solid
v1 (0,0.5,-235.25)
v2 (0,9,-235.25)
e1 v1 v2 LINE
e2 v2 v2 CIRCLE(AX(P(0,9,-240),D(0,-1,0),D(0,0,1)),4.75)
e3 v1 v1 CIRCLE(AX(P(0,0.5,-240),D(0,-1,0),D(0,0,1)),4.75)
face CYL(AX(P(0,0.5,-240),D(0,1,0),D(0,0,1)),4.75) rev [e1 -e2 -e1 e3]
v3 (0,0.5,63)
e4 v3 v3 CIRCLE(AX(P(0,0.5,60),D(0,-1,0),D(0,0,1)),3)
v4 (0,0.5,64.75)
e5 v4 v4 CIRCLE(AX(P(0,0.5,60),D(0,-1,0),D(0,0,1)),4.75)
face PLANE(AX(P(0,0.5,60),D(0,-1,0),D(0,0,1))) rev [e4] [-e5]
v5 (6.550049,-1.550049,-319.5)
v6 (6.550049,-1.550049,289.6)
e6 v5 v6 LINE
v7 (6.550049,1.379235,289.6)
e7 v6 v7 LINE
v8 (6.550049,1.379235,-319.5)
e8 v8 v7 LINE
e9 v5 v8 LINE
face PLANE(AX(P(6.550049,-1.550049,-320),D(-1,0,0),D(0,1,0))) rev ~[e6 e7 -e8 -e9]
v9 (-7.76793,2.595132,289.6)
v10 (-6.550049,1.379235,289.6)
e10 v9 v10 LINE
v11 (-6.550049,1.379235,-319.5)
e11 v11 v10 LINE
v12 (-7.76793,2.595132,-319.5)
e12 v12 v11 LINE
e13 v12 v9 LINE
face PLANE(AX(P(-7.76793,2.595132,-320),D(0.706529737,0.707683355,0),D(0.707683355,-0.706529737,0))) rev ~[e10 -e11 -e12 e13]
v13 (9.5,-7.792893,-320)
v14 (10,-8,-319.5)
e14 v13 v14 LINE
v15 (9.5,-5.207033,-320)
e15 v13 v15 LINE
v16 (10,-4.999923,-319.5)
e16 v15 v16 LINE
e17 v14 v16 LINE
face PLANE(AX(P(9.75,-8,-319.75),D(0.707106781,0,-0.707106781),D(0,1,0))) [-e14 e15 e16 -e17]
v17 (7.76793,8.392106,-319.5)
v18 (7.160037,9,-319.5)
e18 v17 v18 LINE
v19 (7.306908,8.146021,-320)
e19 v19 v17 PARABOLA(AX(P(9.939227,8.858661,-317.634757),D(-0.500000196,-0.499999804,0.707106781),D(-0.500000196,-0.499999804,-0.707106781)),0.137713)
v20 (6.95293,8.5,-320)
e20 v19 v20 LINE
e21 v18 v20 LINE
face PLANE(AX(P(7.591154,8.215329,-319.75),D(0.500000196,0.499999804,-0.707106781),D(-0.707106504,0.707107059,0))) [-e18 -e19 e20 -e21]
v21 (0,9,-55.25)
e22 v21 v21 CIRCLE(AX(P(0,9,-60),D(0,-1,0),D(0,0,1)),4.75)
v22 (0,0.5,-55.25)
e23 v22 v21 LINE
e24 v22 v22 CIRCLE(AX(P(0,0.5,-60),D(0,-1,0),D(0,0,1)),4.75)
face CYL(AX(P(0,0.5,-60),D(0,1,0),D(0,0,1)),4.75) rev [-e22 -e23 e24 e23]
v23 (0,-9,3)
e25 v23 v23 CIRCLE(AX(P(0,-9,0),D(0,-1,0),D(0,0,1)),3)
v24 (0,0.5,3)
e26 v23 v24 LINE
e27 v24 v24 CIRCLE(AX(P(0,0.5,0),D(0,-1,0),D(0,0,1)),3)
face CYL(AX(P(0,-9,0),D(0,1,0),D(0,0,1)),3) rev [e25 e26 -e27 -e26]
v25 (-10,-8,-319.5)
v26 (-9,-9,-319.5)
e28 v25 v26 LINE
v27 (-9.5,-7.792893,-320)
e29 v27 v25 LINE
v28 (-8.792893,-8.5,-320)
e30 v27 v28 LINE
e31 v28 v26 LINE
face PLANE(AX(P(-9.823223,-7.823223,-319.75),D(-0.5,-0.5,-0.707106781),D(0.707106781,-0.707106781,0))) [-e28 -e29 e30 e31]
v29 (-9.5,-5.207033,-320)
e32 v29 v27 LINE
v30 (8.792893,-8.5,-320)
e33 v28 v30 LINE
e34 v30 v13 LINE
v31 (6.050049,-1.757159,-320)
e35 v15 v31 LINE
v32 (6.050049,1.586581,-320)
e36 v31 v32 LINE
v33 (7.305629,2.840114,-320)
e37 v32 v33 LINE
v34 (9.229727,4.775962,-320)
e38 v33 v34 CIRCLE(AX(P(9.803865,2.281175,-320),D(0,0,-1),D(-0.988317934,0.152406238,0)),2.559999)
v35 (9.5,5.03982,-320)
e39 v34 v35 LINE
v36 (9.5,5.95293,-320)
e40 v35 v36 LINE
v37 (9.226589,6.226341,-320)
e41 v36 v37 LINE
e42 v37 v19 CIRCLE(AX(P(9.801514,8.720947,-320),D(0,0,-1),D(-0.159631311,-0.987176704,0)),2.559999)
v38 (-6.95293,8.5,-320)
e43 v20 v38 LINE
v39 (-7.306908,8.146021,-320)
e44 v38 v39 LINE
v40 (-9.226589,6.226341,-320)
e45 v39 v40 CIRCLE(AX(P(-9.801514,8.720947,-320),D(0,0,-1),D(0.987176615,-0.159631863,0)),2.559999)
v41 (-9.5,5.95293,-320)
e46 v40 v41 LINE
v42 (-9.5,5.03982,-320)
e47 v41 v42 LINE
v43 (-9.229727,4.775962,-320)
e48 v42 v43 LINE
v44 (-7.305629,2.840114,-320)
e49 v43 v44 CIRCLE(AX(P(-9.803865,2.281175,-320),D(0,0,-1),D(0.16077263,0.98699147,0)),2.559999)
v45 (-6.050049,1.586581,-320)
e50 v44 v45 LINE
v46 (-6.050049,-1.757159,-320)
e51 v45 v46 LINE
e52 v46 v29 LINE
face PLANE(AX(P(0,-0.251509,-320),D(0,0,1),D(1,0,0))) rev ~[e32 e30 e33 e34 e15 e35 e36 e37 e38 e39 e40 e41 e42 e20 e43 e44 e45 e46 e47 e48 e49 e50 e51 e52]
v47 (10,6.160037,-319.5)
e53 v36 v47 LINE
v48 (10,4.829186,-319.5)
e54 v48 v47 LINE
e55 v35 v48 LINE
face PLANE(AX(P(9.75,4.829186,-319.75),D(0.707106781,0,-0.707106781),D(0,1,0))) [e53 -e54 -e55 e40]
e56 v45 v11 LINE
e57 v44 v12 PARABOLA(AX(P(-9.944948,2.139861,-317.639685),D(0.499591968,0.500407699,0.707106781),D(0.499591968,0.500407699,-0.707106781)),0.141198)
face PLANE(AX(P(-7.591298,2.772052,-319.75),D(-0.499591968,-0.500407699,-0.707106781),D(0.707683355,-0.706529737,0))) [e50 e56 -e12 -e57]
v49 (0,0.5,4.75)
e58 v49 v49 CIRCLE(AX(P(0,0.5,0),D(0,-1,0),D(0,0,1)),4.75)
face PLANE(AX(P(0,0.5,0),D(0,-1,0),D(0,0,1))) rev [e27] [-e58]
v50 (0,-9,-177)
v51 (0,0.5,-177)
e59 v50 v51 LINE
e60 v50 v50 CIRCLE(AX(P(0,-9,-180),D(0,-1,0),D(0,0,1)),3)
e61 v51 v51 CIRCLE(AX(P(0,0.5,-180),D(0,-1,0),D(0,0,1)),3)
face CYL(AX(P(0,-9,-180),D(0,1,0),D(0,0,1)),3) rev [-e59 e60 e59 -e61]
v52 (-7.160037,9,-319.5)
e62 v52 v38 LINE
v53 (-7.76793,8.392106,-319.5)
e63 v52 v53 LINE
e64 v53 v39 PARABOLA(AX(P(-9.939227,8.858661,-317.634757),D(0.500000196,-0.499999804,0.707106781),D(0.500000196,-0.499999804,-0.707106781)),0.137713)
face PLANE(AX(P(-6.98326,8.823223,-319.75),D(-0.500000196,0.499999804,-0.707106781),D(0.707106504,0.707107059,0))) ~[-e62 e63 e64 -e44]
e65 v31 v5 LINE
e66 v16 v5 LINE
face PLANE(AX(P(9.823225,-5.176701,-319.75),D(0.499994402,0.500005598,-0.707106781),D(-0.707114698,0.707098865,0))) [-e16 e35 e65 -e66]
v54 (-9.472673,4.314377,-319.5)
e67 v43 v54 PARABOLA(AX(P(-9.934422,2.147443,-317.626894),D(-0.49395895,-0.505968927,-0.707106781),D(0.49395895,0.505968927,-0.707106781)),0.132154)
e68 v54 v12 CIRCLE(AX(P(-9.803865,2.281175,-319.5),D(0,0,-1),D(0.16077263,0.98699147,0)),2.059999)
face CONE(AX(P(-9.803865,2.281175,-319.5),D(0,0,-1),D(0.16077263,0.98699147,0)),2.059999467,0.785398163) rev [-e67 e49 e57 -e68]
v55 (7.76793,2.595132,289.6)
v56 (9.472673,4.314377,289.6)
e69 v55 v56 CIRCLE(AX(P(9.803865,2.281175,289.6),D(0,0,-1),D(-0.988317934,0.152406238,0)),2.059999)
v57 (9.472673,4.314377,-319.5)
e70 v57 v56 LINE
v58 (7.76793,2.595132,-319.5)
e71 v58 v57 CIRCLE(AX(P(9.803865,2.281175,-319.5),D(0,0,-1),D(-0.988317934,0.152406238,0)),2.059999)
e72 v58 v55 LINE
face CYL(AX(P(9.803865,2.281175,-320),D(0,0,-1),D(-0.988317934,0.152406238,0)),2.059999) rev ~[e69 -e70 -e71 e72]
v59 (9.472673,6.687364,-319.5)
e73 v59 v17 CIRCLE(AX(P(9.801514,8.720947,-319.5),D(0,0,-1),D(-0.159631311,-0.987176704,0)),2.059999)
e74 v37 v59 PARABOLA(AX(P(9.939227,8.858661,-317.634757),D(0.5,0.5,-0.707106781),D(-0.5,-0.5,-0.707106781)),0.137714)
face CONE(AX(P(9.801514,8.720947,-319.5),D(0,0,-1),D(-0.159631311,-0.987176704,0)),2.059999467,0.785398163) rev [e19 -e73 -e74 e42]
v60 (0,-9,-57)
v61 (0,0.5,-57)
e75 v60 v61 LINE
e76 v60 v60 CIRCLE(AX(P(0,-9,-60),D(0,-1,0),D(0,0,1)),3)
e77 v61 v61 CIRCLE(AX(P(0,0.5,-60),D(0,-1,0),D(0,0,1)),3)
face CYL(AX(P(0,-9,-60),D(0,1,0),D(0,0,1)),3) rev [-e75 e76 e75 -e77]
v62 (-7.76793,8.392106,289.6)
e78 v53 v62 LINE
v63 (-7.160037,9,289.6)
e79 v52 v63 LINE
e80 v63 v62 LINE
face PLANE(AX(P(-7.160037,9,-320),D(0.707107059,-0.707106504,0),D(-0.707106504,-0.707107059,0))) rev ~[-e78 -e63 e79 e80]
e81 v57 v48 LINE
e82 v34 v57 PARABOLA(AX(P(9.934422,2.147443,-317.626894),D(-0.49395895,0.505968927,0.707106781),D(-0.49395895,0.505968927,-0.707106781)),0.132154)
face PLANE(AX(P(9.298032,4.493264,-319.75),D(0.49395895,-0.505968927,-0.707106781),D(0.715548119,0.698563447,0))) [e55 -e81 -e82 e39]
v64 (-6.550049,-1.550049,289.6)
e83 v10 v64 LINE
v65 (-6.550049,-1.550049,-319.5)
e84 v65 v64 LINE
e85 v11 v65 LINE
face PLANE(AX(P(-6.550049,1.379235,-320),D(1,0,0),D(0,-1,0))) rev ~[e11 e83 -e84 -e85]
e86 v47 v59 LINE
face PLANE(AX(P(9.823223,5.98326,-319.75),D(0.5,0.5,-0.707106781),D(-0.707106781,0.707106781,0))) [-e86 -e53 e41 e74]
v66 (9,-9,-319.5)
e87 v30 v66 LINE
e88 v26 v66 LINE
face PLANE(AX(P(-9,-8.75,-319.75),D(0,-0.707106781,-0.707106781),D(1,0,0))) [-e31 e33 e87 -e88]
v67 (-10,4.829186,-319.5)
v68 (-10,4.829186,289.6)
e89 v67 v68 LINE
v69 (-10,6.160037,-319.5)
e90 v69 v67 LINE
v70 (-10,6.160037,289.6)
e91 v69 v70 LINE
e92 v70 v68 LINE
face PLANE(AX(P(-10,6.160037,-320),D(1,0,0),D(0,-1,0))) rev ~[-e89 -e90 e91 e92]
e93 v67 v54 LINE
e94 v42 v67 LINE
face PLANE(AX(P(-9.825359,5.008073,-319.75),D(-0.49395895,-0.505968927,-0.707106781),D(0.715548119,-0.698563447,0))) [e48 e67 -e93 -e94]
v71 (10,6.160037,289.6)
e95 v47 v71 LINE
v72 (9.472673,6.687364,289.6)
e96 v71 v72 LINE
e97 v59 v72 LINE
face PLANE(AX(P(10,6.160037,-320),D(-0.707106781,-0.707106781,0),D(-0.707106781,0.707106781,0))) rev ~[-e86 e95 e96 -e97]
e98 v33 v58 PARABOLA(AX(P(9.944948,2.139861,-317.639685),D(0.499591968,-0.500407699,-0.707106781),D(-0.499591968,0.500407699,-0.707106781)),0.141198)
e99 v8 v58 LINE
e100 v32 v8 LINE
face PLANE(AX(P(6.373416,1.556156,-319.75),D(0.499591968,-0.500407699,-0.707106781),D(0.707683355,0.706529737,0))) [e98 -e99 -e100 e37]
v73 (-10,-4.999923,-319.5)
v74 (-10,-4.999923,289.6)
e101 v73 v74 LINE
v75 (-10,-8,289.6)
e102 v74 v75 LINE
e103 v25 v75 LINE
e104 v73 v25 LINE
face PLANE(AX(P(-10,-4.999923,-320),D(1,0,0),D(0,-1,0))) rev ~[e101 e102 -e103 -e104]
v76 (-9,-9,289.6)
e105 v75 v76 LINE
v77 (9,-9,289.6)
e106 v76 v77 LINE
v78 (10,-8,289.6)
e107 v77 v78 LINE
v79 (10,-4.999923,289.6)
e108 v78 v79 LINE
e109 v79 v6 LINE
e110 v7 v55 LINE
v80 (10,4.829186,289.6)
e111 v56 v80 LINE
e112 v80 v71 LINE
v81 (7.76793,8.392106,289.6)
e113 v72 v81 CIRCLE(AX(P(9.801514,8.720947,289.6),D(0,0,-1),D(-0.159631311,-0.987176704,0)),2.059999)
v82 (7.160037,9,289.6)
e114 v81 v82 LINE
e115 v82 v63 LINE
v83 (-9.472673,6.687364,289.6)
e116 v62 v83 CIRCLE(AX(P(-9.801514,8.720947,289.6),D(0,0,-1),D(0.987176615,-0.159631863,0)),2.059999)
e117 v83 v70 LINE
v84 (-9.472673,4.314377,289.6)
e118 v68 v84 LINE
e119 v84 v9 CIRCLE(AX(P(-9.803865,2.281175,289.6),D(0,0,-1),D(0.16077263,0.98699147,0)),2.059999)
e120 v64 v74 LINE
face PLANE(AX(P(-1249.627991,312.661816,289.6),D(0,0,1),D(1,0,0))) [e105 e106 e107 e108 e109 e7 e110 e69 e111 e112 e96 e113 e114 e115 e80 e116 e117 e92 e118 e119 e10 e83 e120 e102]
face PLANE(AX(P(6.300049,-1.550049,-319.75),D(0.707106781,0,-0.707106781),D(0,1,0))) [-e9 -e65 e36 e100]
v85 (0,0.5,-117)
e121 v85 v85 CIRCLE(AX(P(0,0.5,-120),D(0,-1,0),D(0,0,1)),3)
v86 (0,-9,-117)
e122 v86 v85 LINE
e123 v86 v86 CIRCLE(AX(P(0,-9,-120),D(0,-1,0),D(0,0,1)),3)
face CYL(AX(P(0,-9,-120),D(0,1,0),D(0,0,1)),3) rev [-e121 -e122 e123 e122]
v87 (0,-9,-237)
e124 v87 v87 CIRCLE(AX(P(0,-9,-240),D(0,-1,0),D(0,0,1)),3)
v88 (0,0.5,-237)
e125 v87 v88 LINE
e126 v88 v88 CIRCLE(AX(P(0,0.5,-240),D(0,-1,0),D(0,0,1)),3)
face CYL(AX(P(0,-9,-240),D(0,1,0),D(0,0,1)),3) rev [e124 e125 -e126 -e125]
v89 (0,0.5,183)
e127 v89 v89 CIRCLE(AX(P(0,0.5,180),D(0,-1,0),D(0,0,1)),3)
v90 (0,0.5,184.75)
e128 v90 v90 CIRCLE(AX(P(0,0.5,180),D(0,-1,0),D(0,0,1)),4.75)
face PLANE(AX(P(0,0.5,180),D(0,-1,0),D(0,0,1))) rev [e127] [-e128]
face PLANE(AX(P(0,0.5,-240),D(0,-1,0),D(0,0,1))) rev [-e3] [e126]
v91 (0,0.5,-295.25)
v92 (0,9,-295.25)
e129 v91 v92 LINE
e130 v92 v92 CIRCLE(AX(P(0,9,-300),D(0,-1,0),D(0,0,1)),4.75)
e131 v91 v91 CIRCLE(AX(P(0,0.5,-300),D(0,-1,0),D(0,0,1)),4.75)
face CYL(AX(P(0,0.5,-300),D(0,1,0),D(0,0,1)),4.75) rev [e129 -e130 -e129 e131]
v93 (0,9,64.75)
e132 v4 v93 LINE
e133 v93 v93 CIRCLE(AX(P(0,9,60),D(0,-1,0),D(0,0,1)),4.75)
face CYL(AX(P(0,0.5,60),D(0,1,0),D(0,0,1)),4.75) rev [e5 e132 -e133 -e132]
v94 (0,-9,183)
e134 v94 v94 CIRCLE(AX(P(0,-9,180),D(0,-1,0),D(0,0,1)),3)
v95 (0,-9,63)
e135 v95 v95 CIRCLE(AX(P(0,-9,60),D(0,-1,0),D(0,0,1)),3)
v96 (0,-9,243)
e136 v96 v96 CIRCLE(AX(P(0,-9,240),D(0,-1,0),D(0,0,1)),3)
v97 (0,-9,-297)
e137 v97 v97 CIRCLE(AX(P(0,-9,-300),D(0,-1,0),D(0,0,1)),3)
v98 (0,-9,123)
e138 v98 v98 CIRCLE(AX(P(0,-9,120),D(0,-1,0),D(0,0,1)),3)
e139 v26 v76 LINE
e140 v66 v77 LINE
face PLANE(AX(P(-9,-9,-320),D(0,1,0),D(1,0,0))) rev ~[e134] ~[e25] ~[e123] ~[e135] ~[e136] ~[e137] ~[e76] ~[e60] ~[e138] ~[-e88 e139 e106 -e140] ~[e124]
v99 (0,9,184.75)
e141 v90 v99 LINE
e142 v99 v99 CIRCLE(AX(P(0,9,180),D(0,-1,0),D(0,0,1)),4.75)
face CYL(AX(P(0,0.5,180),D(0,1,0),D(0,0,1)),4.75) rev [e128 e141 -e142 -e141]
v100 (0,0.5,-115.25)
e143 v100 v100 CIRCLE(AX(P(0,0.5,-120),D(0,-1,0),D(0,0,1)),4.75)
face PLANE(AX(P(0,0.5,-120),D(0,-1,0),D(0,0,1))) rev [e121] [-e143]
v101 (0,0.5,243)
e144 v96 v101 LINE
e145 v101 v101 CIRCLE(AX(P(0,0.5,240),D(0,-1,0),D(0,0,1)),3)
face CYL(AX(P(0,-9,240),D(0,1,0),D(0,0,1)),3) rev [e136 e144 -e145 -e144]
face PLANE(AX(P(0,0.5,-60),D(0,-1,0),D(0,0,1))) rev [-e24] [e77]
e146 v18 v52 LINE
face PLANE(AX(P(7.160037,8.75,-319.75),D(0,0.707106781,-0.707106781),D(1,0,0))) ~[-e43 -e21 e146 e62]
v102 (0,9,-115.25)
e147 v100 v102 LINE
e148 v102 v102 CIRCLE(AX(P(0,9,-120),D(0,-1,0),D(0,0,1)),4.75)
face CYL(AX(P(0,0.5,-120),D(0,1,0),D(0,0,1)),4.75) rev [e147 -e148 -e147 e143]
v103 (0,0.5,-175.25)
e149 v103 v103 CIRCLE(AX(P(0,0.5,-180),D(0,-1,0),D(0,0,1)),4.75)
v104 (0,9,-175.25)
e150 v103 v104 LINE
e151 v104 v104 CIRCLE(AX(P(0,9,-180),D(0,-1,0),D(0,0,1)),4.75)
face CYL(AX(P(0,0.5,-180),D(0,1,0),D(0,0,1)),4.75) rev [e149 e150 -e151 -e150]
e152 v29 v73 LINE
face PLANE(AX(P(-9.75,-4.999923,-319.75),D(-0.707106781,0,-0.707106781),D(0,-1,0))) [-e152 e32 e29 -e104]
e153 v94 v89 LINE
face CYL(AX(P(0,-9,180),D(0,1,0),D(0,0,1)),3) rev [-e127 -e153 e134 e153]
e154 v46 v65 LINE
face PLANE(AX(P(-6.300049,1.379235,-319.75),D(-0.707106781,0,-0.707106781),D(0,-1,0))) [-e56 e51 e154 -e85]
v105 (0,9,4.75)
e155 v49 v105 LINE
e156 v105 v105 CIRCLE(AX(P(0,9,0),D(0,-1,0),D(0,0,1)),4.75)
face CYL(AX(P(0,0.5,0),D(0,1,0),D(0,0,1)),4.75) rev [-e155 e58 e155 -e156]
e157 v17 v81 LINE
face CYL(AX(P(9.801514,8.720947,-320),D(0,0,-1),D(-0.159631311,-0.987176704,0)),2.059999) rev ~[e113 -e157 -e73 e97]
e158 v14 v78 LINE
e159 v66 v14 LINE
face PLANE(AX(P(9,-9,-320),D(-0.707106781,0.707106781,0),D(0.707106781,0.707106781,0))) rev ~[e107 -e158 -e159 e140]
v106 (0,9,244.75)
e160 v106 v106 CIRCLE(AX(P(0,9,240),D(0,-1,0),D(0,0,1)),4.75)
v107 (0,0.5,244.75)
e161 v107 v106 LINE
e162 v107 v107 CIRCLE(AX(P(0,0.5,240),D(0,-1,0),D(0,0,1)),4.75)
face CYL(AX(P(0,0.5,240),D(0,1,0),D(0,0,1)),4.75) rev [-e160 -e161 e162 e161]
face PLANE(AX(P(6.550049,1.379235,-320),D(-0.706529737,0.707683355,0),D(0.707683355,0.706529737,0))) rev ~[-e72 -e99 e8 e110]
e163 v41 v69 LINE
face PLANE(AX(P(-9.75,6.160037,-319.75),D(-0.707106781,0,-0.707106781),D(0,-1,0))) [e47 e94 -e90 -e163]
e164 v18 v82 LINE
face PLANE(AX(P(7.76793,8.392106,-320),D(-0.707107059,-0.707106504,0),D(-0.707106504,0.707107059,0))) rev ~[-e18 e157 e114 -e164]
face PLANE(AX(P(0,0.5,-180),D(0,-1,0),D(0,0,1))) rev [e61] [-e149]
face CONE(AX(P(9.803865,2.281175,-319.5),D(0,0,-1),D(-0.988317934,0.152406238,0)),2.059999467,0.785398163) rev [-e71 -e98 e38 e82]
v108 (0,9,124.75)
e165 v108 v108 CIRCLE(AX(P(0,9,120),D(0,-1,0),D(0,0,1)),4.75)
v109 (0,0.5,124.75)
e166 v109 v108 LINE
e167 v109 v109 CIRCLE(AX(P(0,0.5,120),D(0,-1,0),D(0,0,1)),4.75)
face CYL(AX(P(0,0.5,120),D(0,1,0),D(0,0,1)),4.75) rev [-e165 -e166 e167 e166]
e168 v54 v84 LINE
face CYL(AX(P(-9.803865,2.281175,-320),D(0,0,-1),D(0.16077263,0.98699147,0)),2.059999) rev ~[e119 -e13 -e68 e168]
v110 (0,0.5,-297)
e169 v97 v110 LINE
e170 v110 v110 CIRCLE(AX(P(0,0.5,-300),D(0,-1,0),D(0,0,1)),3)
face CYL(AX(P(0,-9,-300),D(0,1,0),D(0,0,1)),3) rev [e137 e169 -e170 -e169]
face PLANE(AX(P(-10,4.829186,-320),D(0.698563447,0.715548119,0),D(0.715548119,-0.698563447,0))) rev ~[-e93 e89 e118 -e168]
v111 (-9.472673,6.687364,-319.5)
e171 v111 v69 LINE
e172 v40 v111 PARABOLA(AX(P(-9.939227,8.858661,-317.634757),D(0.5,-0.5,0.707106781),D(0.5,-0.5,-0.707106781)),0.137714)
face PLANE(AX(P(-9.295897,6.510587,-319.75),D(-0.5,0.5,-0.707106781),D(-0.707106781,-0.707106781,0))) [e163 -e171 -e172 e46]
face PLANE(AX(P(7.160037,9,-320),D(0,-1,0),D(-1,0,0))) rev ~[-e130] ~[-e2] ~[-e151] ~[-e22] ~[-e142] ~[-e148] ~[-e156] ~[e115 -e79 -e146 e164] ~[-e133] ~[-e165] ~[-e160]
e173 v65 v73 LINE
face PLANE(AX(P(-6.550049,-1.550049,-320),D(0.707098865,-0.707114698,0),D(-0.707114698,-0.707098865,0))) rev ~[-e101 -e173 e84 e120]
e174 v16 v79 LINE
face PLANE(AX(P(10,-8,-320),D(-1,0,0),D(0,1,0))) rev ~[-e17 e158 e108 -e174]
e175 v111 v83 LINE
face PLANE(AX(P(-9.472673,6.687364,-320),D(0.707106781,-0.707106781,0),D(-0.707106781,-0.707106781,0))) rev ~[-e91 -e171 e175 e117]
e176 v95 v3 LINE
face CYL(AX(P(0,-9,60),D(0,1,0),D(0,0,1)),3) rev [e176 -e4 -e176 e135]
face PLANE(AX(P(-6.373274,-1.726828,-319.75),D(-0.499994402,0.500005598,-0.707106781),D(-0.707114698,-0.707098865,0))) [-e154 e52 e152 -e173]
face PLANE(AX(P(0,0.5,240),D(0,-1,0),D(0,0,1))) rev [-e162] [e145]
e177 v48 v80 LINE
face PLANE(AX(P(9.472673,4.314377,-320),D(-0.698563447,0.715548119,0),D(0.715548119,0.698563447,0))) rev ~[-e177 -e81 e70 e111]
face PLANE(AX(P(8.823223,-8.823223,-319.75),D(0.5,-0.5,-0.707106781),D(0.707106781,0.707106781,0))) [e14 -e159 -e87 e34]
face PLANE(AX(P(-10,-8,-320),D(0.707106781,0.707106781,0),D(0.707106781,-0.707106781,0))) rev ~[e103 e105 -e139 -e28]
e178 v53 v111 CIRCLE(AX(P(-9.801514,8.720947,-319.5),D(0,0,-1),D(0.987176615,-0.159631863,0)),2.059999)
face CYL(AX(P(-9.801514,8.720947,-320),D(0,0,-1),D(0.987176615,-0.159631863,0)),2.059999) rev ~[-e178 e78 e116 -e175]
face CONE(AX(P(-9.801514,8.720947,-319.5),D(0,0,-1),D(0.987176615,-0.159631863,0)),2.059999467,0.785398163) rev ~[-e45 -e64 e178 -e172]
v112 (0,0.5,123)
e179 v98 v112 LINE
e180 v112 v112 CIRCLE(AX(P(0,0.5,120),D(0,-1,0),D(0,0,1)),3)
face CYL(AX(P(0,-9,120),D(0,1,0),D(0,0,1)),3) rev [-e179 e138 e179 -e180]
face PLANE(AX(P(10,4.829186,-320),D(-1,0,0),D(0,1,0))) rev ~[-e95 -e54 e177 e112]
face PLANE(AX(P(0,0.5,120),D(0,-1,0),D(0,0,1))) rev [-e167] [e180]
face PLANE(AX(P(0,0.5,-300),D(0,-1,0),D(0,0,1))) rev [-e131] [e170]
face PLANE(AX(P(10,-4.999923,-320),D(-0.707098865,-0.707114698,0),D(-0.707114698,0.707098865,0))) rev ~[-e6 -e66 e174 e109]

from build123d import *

# Parameters (mm, degrees)
BOSS_EXTRUDE1_DEPTH      = 320
BOSS_EXTRUDE1_DEPTH_BACK = 320
LPATTERN2_COUNT          = 11
LPATTERN2_PITCH          = 60
CHAMFER1_SIZE            = 0.5
CUT_EXTRUDE1_DEPTH       = 321.661815625
CUT_EXTRUDE1_DEPTH_BACK  = 321.661815625


with BuildPart() as part:
    # Sketch3 → Boss-Extrude1 (new, two sides: drawn at the far end of the back side and taken through both)
    with BuildSketch(Plane.XY.offset(-BOSS_EXTRUDE1_DEPTH_BACK)):
        with BuildLine():
            Line((3, 9), (-3, 9))
            Line((-3, 9), (-7.160036564, 9))
            Line((-7.160036564, 9), (-7.767930373, 8.392105714))
            ThreePointArc((-7.767930373, 8.392105714), (-8.344874488, 7.264307267), (-9.472673258, 6.687363783))
            Line((-9.472673258, 6.687363783), (-10, 6.160037041))
            Line((-10, 6.160037041), (-10, 4.82918644))
            Line((-10, 4.82918644), (-9.472673258, 4.314376637))
            ThreePointArc((-9.472673258, 4.314376637), (-8.341068744, 3.731631743), (-7.767930373, 2.595131504))
            Line((-7.767930373, 2.595131504), (-6.550048828, 1.379235268))
            Line((-6.550048828, 1.379235268), (-6.550048828, -1.550048828))
            Line((-6.550048828, -1.550048828), (-10, -4.999922752))
            Line((-10, -4.999922752), (-10, -8))
            Line((-10, -8), (-9, -9))
            Line((-9, -9), (0, -9))
            Line((0, -9), (9, -9))
            Line((9, -9), (10, -8))
            Line((10, -8), (10, -4.999922752))
            Line((10, -4.999922752), (6.550048828, -1.550048828))
            Line((6.550048828, -1.550048828), (6.550048828, 1.379235268))
            Line((6.550048828, 1.379235268), (7.767930373, 2.595131504))
            ThreePointArc((7.767930373, 2.595131504), (8.341068744, 3.731631743), (9.472673258, 4.314376637))
            Line((9.472673258, 4.314376637), (10, 4.82918644))
            Line((10, 4.82918644), (10, 6.160037041))
            Line((10, 6.160037041), (9.472673258, 6.687363783))
            ThreePointArc((9.472673258, 6.687363783), (8.344874488, 7.264307267), (7.767930373, 8.392105714))
            Line((7.767930373, 8.392105714), (7.160036564, 9))
            Line((7.160036564, 9), (3, 9))
        make_face()
    extrude(amount=BOSS_EXTRUDE1_DEPTH + BOSS_EXTRUDE1_DEPTH_BACK)

    # Sketch4 → Cut-Revolve1 (revolve, cut)
    with BuildSketch(Plane(origin=(0, 0, 0), x_dir=(0, 0, -1), z_dir=(1, 0, 0)), mode=Mode.PRIVATE) as cut_revolve1_sk:
        Polygon((-295.25, 9), (-300, 9), (-300, -9), (-297, -9), (-297, 0.5), (-295.25, 0.5), align=None)
    cut_revolve1 = revolve(cut_revolve1_sk.sketch.rotate(Axis((0, 9, 300), (0, -1, 0)), 180), axis=Axis((0, 9, 300), (0, -1, 0)), mode=Mode.SUBTRACT)

    # LPattern2: Cut-Revolve1 ×11
    with Locations(*[(0, 0, -i * LPATTERN2_PITCH) for i in range(1, LPATTERN2_COUNT)]):
        add(cut_revolve1, mode=Mode.SUBTRACT)

    # Chamfer1
    chamfer1_edges = [part.edges().sort_by_distance(p)[0] for p in [
        (-6.550048828, -0.08540678, 320),
        (-8.275024414, -3.27498579, 320),
        (-10, -6.499961376, 320),
        (-9.5, -8.5, 320),
        (0, -9, 320),
        (9.5, -8.5, 320),
        (10, -6.499961376, 320),
        (8.275024414, -3.27498579, 320),
        (6.550048828, -0.08540678, 320),
        (-8.341068744, 3.731631743, 320),
        (7.158989601, 1.987183386, 320),
        (8.341068744, 3.731631743, 320),
        (9.736336629, 4.571781538, 320),
        (-9.736336629, 4.571781538, -320),
        (-10, 5.49461174, -320),
        (10, 5.49461174, 320),
        (-9.736336629, 6.423700412, -320),
        (-7.463983469, 8.696052857, -320),
        (0, 9, -320),
        (7.463983469, 8.696052857, -320),
        (9.736336629, 6.423700412, -320),
        (10, 5.49461174, -320),
        (9.736336629, 6.423700412, 320),
        (9.736336629, 4.571781538, -320),
        (7.158989601, 1.987183386, -320),
        (6.550048828, -0.08540678, -320),
        (8.275024414, -3.27498579, -320),
        (10, -6.499961376, -320),
        (9.5, -8.5, -320),
        (0, -9, -320),
        (8.344874488, 7.264307267, 320),
        (-9.5, -8.5, -320),
        (-10, -6.499961376, -320),
        (-8.275024414, -3.27498579, -320),
        (-6.550048828, -0.08540678, -320),
        (-7.158989601, 1.987183386, -320),
        (-8.341068744, 3.731631743, -320),
        (-8.344874488, 7.264307267, -320),
        (8.344874488, 7.264307267, -320),
        (8.341068744, 3.731631743, -320),
        (7.463983469, 8.696052857, 320),
        (0, 9, 320),
        (-7.463983469, 8.696052857, 320),
        (-8.344874488, 7.264307267, 320),
        (-7.158989601, 1.987183386, 320),
        (-9.736336629, 6.423700412, 320),
        (-10, 5.49461174, 320),
        (-9.736336629, 4.571781538, 320),
    ]]
    chamfer(chamfer1_edges, length=CHAMFER1_SIZE)

    # Sketch7 → Cut-Extrude1 (cut, two sides: drawn at the far end of the back side and taken through both)
    with BuildSketch(Plane.XZ.offset(9).offset(-CUT_EXTRUDE1_DEPTH_BACK)):
        Polygon((1255.011383847, 289.6), (23.92488735, 289.6), (-18.541494628, 289.6), (-1249.627991125, 289.6), (-1249.627991125, 2751.772992994), (1255.011383847, 2751.772992994), align=None)
    extrude(amount=CUT_EXTRUDE1_DEPTH + CUT_EXTRUDE1_DEPTH_BACK, mode=Mode.SUBTRACT)


solid = part.part
